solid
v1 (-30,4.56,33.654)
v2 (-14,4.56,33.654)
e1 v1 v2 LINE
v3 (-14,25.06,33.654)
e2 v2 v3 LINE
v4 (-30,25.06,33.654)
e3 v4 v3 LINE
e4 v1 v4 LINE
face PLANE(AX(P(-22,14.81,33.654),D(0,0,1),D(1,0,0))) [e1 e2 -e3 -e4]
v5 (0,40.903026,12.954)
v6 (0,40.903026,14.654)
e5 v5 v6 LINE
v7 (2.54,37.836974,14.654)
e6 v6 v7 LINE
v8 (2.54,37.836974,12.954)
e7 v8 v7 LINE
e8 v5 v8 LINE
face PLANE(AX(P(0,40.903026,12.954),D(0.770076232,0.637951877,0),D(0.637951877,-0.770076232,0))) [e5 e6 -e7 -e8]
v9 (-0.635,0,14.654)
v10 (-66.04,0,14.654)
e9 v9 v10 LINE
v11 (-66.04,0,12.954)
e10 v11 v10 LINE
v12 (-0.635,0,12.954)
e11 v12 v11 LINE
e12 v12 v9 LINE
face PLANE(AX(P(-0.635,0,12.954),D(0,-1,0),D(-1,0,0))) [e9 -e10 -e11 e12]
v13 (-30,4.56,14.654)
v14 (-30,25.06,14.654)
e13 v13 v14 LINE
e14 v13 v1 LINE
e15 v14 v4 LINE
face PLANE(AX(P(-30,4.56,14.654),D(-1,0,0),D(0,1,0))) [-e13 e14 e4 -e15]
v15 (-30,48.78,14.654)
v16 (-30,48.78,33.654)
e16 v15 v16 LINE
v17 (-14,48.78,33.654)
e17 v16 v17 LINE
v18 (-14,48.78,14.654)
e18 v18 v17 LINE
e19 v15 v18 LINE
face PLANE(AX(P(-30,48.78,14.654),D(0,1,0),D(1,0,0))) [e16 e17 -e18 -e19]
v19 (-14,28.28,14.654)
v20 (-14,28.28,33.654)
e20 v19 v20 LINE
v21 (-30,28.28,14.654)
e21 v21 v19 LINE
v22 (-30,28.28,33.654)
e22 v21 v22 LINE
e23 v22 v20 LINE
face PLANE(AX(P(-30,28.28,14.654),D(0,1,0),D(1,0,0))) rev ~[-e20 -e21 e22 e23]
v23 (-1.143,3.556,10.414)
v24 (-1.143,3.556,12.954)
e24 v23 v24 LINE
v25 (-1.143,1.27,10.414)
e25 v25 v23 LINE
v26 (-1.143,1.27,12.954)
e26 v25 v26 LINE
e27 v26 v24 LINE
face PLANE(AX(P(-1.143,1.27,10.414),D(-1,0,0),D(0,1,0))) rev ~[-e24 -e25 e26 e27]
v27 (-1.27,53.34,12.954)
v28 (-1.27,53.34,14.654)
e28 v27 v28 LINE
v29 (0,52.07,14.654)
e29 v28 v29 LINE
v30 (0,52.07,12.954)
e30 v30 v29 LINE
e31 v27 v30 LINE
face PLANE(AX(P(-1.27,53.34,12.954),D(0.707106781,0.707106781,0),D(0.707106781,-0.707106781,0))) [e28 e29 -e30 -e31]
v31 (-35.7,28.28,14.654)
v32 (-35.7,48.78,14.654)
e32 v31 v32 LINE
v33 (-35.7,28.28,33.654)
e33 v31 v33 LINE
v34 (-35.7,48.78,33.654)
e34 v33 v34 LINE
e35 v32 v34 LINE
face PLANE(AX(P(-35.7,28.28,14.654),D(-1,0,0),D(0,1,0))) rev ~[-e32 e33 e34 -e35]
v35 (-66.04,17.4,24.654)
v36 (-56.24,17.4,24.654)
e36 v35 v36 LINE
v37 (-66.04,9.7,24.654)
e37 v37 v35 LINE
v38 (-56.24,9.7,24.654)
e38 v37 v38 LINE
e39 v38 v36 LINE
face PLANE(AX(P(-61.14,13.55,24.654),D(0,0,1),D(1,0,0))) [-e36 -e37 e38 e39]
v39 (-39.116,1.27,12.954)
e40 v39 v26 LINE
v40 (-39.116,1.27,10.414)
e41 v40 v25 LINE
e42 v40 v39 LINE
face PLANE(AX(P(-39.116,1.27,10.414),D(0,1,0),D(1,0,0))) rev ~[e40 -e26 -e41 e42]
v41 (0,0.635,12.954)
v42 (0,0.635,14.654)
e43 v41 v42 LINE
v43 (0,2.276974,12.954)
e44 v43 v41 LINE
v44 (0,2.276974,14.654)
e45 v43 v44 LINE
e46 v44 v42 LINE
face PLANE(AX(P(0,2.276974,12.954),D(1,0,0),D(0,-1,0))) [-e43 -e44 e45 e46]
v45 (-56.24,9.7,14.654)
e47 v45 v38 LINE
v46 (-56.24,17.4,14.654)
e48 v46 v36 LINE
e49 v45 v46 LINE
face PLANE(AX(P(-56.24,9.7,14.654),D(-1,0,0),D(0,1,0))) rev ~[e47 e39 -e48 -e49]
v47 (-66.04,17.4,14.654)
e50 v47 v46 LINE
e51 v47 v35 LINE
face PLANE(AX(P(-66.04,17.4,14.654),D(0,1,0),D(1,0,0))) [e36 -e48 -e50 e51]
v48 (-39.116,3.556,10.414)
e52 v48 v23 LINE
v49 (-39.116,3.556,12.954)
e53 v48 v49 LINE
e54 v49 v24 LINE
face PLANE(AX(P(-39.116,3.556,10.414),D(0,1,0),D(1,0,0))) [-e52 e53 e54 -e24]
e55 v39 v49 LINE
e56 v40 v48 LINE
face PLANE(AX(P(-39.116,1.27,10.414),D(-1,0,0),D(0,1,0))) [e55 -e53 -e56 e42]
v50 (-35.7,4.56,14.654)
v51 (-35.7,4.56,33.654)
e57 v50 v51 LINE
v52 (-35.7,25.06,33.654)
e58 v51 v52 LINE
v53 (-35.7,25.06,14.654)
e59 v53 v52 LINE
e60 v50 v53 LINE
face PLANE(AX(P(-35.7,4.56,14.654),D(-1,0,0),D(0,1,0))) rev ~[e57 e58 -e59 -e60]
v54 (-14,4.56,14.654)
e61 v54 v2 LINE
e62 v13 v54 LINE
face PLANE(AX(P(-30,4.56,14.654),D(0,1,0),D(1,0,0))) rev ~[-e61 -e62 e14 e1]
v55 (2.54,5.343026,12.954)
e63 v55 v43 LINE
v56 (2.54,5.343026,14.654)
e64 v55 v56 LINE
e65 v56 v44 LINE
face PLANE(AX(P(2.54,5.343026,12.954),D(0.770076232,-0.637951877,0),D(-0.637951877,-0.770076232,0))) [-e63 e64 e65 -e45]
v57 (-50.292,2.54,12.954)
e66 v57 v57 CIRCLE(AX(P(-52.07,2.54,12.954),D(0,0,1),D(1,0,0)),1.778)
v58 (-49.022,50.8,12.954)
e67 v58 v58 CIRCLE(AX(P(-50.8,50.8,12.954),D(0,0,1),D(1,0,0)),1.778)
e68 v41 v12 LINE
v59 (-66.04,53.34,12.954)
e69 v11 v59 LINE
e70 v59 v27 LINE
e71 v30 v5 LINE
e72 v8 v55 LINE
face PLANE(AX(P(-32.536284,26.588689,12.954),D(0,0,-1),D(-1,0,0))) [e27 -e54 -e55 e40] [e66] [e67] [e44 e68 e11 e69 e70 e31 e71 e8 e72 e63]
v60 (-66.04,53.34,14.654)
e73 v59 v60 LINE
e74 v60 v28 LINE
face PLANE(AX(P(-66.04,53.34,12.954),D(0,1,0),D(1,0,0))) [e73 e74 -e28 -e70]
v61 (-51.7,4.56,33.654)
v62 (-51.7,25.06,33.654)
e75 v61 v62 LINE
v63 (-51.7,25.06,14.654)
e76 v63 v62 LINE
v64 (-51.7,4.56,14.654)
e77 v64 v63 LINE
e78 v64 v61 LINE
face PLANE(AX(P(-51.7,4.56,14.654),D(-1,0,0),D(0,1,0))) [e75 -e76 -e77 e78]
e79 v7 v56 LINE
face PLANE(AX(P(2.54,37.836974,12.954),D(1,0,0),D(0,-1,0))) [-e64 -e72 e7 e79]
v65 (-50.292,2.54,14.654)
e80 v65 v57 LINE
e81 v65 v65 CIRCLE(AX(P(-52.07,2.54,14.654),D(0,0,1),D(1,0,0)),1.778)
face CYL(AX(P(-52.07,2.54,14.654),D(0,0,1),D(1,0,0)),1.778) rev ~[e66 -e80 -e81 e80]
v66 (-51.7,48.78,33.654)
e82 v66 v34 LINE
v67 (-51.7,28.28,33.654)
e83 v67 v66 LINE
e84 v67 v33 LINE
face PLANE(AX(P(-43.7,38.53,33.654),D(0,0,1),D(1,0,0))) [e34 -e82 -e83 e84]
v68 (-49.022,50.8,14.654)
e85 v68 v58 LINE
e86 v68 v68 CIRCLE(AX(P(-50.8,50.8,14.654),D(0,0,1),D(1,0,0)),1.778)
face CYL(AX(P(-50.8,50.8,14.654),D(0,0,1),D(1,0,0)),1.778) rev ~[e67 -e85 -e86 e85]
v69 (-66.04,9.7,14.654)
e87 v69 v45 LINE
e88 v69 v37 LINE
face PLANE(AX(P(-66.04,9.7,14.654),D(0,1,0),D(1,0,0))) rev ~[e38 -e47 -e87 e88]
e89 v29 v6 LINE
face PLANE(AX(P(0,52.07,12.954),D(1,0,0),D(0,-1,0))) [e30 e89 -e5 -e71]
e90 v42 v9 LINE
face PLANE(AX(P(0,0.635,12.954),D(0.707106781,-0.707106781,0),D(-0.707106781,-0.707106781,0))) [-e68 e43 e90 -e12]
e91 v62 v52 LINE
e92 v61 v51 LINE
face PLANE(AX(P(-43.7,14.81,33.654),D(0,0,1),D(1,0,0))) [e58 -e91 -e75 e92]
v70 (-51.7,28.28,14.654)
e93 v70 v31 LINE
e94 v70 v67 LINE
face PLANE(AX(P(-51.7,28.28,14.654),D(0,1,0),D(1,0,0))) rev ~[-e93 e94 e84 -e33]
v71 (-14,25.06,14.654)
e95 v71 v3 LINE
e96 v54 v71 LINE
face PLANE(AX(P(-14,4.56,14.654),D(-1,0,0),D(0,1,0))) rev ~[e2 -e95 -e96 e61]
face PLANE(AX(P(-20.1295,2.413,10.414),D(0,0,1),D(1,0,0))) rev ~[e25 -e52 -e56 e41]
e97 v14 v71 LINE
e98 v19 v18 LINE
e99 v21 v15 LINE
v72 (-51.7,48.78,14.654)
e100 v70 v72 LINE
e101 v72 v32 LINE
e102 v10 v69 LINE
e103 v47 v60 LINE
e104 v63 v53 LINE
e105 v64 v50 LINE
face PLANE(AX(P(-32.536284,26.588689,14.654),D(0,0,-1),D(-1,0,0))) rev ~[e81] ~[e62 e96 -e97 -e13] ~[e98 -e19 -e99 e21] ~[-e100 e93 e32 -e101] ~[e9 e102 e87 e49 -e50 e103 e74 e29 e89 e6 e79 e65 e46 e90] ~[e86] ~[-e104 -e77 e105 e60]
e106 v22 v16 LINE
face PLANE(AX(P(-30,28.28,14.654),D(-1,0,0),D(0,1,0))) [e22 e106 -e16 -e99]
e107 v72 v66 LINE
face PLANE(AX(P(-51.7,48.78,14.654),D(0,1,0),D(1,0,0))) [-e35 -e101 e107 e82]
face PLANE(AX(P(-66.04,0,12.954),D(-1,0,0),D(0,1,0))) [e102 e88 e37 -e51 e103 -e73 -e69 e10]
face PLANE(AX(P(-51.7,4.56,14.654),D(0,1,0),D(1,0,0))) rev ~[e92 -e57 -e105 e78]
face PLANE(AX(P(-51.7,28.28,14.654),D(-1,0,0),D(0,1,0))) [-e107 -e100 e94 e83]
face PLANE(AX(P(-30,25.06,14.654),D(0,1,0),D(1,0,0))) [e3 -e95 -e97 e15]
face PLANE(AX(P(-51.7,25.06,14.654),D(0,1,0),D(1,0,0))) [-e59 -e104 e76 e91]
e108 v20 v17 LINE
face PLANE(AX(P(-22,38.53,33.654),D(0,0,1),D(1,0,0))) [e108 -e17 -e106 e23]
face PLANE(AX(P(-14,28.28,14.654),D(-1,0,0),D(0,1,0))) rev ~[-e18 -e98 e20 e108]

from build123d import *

# Parameters (mm, degrees)
SKETCH_W     = 37.973
SKETCH_H     = 2.286
PAD_DEPTH    = 2.54
PAD001_DEPTH = 1.7
SKETCH002_R  = 1.778
POCKET_DEPTH = 5
SKETCH003_W  = 16
SKETCH003_H  = 20.5
PAD002_DEPTH = 19
SKETCH007_W  = 9.8
SKETCH007_H  = 7.7
PAD004_DEPTH = 10


with BuildPart() as part:
    # Sketch (on Face2 of Binder001) → Pad (new body)
    with BuildSketch(Plane.XY.offset(10.414)):
        with Locations((-20.1295, 2.413)):
            Rectangle(SKETCH_W, SKETCH_H)
    extrude(amount=PAD_DEPTH)

    # Sketch001 (on Face6 of Pad) → Pad001 (join)
    with BuildSketch(Plane.XY.offset(12.954)):
        Polygon((-66.04, 53.34), (-1.27, 53.34), (0, 52.07), (0, 40.903026), (2.54, 37.836974), (2.54, 5.343026), (0, 2.276974), (0, 0.635), (-0.635, 0), (-66.04, 0), align=None)
    extrude(amount=PAD001_DEPTH)

    # Sketch002 (on Face5 of Pad001) → Pocket (cut)
    with BuildSketch(Plane.XY.offset(14.654)):
        with Locations((-52.07, 2.54)):
            Circle(SKETCH002_R)
        with Locations((-50.8, 50.8)):
            Circle(SKETCH002_R)
    extrude(amount=-POCKET_DEPTH, mode=Mode.SUBTRACT)

    # Sketch003 (on Face5 of Pocket) → Pad002 (join)
    with BuildSketch(Plane.XY.offset(14.654)):
        with Locations((-43.7, 38.53)):
            Rectangle(SKETCH003_W, SKETCH003_H)
        with Locations((-22, 38.53)):
            Rectangle(SKETCH003_W, SKETCH003_H)
        with Locations((-43.7, 14.81)):
            Rectangle(SKETCH003_W, SKETCH003_H)
        with Locations((-22, 14.81)):
            Rectangle(SKETCH003_W, SKETCH003_H)
    extrude(amount=PAD002_DEPTH)

    # Sketch007 (on Face5 of Pad002) → Pad004 (join)
    with BuildSketch(Plane.XY.offset(14.654)):
        with Locations((-61.14, 13.55)):
            Rectangle(SKETCH007_W, SKETCH007_H)
    extrude(amount=PAD004_DEPTH)


solid = part.part
